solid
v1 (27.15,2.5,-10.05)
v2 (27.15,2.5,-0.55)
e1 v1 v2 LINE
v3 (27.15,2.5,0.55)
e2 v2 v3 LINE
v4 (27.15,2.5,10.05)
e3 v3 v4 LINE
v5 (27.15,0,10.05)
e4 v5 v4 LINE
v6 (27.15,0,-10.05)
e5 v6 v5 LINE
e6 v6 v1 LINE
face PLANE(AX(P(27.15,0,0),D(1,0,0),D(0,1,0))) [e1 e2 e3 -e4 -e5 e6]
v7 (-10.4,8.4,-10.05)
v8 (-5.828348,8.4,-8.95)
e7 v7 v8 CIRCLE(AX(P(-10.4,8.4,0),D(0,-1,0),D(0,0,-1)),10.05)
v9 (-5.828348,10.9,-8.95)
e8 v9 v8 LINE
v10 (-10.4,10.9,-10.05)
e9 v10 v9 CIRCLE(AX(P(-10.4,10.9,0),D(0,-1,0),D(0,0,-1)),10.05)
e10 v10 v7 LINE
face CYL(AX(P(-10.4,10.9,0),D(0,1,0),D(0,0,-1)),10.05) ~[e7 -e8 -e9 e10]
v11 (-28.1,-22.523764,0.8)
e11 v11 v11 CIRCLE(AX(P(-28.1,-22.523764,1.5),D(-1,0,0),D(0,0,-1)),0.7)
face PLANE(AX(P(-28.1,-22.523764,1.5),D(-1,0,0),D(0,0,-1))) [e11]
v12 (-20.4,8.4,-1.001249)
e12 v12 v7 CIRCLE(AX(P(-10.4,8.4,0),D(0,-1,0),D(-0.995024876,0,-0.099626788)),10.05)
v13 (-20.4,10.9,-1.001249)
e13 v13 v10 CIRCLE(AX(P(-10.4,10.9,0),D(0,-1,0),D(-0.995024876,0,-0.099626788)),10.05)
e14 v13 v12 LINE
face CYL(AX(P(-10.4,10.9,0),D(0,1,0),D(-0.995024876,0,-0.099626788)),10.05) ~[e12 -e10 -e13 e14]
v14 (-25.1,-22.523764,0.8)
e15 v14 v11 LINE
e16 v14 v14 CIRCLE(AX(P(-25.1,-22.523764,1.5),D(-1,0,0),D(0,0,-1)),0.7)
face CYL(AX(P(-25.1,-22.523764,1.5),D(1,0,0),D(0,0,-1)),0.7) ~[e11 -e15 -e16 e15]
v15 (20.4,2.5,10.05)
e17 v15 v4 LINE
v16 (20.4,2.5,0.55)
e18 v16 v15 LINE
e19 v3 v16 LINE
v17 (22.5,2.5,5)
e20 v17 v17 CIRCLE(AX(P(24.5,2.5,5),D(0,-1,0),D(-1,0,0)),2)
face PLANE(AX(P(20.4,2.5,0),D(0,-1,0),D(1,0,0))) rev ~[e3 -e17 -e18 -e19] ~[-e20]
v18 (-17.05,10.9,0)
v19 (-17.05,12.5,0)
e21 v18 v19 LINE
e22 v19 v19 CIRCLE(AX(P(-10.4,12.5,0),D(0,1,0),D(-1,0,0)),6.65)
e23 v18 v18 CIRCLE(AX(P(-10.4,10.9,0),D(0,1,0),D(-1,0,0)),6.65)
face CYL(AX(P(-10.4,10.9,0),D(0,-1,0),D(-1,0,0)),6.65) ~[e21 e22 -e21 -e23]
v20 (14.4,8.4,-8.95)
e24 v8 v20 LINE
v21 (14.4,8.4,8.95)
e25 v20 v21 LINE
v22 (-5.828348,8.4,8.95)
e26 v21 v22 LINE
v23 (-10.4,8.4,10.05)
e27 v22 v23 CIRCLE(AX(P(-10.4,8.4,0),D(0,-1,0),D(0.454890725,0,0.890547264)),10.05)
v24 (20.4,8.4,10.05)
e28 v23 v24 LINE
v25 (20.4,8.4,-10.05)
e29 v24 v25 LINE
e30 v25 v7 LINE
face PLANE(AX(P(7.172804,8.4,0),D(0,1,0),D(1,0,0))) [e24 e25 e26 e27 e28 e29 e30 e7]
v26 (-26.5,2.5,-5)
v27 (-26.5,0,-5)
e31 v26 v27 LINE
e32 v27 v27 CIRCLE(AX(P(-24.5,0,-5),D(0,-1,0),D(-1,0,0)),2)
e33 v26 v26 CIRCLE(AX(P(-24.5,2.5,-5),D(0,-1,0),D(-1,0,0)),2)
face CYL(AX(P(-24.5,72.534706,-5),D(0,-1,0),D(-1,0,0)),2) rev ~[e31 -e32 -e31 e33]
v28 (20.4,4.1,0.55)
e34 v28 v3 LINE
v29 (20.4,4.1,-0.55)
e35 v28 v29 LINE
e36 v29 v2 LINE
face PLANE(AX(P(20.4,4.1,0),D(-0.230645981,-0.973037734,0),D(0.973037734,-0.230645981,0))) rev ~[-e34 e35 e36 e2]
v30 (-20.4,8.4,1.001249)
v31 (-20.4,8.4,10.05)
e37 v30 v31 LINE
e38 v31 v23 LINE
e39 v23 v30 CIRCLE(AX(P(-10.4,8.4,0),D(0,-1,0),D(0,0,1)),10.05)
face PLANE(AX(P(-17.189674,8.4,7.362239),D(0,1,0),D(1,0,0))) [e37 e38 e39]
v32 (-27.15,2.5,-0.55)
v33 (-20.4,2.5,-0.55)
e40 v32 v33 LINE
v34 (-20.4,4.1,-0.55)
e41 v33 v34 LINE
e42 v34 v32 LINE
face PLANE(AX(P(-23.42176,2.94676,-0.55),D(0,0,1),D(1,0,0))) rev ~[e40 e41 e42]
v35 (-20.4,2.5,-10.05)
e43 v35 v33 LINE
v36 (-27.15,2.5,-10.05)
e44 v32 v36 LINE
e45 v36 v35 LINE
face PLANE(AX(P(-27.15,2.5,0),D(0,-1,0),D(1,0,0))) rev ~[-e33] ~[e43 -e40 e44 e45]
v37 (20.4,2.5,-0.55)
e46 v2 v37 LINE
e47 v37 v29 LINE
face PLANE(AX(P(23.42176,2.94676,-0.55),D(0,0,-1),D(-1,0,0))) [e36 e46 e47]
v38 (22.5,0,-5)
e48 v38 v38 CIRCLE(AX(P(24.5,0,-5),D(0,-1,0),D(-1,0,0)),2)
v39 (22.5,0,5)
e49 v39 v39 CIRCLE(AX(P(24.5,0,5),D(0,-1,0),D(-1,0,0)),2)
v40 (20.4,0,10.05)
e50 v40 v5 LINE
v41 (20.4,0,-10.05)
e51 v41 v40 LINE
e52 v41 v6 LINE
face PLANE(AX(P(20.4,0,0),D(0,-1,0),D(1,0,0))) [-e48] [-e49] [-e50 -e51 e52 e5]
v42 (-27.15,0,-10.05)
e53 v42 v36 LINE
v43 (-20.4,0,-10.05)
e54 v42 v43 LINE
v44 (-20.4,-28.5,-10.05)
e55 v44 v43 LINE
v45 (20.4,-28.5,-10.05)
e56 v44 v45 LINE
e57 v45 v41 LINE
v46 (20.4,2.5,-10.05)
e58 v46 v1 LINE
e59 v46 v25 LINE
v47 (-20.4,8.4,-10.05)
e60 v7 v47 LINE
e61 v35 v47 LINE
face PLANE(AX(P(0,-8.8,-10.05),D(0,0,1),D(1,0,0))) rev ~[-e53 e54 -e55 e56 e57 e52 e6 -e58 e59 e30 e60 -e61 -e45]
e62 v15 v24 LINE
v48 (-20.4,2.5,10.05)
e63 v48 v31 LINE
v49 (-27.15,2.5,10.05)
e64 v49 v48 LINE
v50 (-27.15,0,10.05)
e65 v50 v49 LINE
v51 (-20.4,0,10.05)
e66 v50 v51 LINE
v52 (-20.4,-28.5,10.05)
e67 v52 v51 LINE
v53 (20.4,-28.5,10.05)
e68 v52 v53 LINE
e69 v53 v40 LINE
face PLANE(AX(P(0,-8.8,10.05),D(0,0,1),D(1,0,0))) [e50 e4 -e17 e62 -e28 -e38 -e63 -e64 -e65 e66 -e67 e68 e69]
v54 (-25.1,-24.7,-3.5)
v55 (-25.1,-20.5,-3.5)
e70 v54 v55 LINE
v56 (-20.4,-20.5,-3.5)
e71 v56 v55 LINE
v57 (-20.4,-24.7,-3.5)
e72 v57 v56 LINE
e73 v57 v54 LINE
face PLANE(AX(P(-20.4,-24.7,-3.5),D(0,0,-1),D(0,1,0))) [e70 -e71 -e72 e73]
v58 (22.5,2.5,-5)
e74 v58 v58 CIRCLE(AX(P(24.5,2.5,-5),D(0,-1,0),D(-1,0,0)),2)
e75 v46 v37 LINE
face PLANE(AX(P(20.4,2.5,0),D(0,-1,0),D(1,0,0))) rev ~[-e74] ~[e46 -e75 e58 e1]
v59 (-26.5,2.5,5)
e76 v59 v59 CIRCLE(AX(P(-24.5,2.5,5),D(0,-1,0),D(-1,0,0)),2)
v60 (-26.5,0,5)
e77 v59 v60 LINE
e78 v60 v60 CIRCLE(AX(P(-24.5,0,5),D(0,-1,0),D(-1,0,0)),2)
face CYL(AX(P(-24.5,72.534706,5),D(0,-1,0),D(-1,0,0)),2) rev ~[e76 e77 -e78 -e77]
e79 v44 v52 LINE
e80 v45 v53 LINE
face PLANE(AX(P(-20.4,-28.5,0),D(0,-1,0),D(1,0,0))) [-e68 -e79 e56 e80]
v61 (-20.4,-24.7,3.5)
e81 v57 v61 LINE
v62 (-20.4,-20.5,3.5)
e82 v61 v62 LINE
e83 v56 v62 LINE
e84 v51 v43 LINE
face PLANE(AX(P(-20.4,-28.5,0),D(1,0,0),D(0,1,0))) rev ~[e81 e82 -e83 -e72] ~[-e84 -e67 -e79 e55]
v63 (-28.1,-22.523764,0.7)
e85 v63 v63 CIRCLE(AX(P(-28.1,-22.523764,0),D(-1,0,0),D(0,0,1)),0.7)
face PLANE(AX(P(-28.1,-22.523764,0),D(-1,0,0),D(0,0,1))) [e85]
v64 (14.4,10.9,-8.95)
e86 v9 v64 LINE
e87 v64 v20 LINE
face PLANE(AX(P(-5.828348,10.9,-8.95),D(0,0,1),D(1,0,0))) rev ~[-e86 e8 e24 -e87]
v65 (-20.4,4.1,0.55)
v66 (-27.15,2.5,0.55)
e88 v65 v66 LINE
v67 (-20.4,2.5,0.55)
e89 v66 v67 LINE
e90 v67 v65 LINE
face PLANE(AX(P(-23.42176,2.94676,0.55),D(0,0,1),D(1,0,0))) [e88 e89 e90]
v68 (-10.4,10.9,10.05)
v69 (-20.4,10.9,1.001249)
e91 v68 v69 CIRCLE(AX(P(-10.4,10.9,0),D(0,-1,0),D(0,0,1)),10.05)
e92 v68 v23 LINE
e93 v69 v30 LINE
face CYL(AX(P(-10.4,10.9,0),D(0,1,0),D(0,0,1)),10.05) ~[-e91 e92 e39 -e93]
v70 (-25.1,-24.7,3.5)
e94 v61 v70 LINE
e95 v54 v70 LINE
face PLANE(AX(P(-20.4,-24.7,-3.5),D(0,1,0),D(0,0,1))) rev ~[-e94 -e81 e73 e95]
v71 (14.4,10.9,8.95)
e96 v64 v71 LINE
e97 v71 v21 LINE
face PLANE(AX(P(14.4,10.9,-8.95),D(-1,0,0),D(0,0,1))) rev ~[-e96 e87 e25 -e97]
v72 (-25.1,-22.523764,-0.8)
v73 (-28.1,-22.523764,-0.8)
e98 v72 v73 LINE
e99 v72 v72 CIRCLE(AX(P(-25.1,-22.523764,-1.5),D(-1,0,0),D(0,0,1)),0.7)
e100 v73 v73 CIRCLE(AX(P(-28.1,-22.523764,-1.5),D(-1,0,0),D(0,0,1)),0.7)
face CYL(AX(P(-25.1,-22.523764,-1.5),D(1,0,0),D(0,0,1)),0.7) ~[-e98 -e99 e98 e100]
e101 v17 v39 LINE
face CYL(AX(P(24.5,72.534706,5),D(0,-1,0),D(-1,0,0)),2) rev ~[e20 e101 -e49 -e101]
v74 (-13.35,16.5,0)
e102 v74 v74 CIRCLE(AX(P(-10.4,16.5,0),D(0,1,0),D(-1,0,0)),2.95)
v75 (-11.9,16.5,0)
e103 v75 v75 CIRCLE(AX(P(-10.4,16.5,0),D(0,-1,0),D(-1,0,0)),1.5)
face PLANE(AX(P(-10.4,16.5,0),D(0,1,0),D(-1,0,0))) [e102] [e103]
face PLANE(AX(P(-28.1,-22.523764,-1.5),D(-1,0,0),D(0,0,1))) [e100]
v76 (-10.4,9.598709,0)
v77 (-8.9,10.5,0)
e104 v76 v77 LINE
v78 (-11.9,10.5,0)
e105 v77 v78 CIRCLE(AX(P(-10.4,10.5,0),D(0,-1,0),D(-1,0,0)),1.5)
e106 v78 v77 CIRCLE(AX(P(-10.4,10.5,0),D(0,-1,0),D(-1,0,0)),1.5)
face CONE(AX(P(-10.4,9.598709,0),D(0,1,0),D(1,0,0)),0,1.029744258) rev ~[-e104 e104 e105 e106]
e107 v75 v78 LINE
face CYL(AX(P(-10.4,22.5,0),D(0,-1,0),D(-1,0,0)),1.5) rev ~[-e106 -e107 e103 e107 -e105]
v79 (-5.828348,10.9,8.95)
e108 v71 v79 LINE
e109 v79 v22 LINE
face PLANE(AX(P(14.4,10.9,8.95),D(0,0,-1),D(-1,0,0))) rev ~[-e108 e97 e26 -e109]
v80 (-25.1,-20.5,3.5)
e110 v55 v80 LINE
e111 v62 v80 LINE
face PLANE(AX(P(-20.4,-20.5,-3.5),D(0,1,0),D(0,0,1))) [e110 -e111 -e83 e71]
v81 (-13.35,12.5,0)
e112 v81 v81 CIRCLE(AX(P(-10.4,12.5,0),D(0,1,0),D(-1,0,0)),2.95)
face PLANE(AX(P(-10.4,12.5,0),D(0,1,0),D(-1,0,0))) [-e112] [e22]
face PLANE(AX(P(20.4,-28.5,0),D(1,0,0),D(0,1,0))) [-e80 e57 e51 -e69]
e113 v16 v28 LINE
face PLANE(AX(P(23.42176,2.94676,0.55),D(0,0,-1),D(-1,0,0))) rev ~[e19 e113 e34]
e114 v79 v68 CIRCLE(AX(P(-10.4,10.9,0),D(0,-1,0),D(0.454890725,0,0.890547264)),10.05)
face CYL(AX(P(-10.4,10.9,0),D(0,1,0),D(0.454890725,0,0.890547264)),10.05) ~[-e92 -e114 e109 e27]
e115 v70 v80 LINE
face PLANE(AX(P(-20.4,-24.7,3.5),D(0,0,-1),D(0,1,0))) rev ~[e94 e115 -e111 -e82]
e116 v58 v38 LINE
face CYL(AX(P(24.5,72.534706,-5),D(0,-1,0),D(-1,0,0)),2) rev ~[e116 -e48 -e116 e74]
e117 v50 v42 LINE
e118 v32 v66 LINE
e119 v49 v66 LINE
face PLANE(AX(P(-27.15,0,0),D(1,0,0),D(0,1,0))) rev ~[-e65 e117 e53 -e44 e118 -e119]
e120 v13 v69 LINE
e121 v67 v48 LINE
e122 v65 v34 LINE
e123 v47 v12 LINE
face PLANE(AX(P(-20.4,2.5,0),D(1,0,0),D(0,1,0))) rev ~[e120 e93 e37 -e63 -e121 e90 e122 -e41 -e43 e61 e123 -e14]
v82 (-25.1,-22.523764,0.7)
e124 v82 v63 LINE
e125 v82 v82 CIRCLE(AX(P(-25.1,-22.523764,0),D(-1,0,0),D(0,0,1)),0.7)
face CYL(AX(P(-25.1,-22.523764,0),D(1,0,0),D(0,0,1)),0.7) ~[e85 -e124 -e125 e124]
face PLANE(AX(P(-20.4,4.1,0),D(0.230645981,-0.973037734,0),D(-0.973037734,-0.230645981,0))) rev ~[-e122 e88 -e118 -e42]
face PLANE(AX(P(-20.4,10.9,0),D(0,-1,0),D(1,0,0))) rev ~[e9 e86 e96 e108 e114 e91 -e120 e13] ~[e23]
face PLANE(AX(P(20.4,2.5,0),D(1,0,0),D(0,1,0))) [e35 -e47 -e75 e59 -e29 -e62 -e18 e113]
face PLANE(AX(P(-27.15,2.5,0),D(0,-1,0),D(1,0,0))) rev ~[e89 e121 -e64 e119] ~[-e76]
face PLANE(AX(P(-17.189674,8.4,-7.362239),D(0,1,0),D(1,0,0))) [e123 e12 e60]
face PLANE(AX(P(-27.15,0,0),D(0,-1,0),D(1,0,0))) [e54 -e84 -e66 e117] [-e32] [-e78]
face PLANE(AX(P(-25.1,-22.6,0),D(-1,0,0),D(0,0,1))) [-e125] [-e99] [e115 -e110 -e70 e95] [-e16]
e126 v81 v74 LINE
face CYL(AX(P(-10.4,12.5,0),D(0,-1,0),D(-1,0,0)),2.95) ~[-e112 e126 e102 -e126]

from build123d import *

# Parameters (mm, degrees)
ESQUISSE1_W                       = 40.8
ESQUISSE1_H                       = 39.4
ESQUISSE1_W_2                     = 6.75
ESQUISSE1_H_2                     = 2.5
BOSS_EXTRU_1_DEPTH                = 10.05
DIAM_TRE_DU_PER_AGE_4_0_4_1_D     = 4
BOSS_EXTRU_3_DEPTH                = 0.55
ESQUISSE6_R                       = 6.65
BOSS_EXTRU_4_DEPTH                = 1.6
ESQUISSE4_R                       = 2.95
BOSS_EXTRU_2_DEPTH                = 4
DIAM_TRE_DU_PER_AGE_3_0_3_1_D     = 3
DIAM_TRE_DU_PER_AGE_3_0_3_1_DEPTH = 6
DIAM_TRE_DU_PER_AGE_3_0_3_1_TIP   = 0.901290929
ENL_V_MAT_EXTRU_1_DEPTH           = 2.5
ESQUISSE8_W                       = 7
ESQUISSE8_H                       = 4.2
BOSS_EXTRU_5_DEPTH                = 4.7
ESQUISSE9_R                       = 0.7
BOSS_EXTRU_6_DEPTH                = 3


with BuildPart() as part:
    # Esquisse1 → Boss.-Extru.1 (new, symmetric)
    with BuildSketch(Plane.XY):
        with Locations((0, -8.8)):
            Rectangle(ESQUISSE1_W, ESQUISSE1_H)
        with Locations((-23.775, 1.25)):
            Rectangle(ESQUISSE1_W_2, ESQUISSE1_H_2)
        with Locations((23.775, 1.25)):
            Rectangle(ESQUISSE1_W_2, ESQUISSE1_H_2)
    extrude(amount=BOSS_EXTRU_1_DEPTH, both=True)

    # Diamètre du perçage Ø4.0 (4)1 (through all)
    with Locations(Plane(origin=(0, 2.5, 0), x_dir=(1, 0, 0), z_dir=(0, 1, 0))):
        with Locations((-24.5, 5), (24.5, 5), (24.5, -5), (-24.5, -5)):
            Hole(DIAM_TRE_DU_PER_AGE_4_0_4_1_D / 2)

    # Esquisse5 → Boss.-Extru.3 (add, symmetric)
    with BuildSketch(Plane.XY):
        Polygon((-20.4, 4.1), (-27.15, 2.5), (-20.4, 2.5), align=None)
        Polygon((20.4, 2.5), (20.4, 4.1), (27.15, 2.5), align=None)
    extrude(amount=BOSS_EXTRU_3_DEPTH, both=True)

    # Esquisse6 → Boss.-Extru.4 (add)
    with BuildSketch(Plane(origin=(0, 10.9, 0), x_dir=(1, 0, 0), z_dir=(0, 1, 0))):
        with Locations(Location((-10.4, 0, 0), (0, 0, 180))):
            Circle(ESQUISSE6_R)
    extrude(amount=BOSS_EXTRU_4_DEPTH)

    # Esquisse4 → Boss.-Extru.2 (add)
    with BuildSketch(Plane(origin=(0, 12.5, 0), x_dir=(1, 0, 0), z_dir=(0, 1, 0))):
        with Locations(Location((-10.4, 0, 0), (0, 0, 180))):
            Circle(ESQUISSE4_R)
    extrude(amount=BOSS_EXTRU_2_DEPTH)

    # Diamètre du perçage Ø3.0 (3)1
    with Locations(Plane(origin=(0, 16.5, 0), x_dir=(1, 0, 0), z_dir=(0, 1, 0))):
        with Locations((-10.4, 0)):
            Hole(DIAM_TRE_DU_PER_AGE_3_0_3_1_D / 2, depth=DIAM_TRE_DU_PER_AGE_3_0_3_1_DEPTH)
            with Locations((0, 0, -(DIAM_TRE_DU_PER_AGE_3_0_3_1_DEPTH + DIAM_TRE_DU_PER_AGE_3_0_3_1_TIP / 2))):  # 118° drill point
                Cone(0, DIAM_TRE_DU_PER_AGE_3_0_3_1_D / 2, DIAM_TRE_DU_PER_AGE_3_0_3_1_TIP, mode=Mode.SUBTRACT)

    # Esquisse7 → Enlèv. mat.-Extru.1 (cut)
    with BuildSketch(Plane(origin=(0, 10.9, 0), x_dir=(1, 0, 0), z_dir=(0, 1, 0))):
        with BuildLine():
            ThreePointArc((-20.4, 1.00124922), (-17.143142641, 7.452014984), (-10.4, 10.05))
            Line((-10.4, 10.05), (-20.4, 10.05))
            Line((-20.4, 10.05), (-20.4, 1.00124922))
        make_face()
        with BuildLine():
            Line((-20.4, -10.05), (-10.4, -10.05))
            ThreePointArc((-10.4, -10.05), (-17.143142641, -7.452014984), (-20.4, -1.00124922))
            Line((-20.4, -1.00124922), (-20.4, -10.05))
        make_face()
        with BuildLine():
            ThreePointArc((-10.4, 10.05), (-8.048936411, 9.771130948), (-5.82834822, 8.95))
            Line((-5.82834822, 8.95), (14.4, 8.95))
            Line((14.4, 8.95), (14.4, -8.95))
            Line((14.4, -8.95), (-5.82834822, -8.95))
            ThreePointArc((-5.82834822, -8.95), (-8.048936411, -9.771130948), (-10.4, -10.05))
            Line((-10.4, -10.05), (20.4, -10.05))
            Line((20.4, -10.05), (20.4, 10.05))
            Line((20.4, 10.05), (-10.4, 10.05))
        make_face()
    extrude(amount=-ENL_V_MAT_EXTRU_1_DEPTH, mode=Mode.SUBTRACT)

    # Esquisse8 → Boss.-Extru.5 (add)
    with BuildSketch(Plane.ZY.offset(20.4)):
        with Locations((0, -22.6)):
            Rectangle(ESQUISSE8_W, ESQUISSE8_H)
    extrude(amount=BOSS_EXTRU_5_DEPTH)

    # Esquisse9 → Boss.-Extru.6 (add)
    with BuildSketch(Plane.ZY.offset(25.1)):
        with Locations((-1.5, -22.523764429)):
            Circle(ESQUISSE9_R)
        with Locations((0, -22.523764429)):
            Circle(ESQUISSE9_R)
        with Locations(Location((1.5, -22.523764429, 0), (0, 0, 180))):
            Circle(ESQUISSE9_R)
    extrude(amount=BOSS_EXTRU_6_DEPTH)


solid = part.part
